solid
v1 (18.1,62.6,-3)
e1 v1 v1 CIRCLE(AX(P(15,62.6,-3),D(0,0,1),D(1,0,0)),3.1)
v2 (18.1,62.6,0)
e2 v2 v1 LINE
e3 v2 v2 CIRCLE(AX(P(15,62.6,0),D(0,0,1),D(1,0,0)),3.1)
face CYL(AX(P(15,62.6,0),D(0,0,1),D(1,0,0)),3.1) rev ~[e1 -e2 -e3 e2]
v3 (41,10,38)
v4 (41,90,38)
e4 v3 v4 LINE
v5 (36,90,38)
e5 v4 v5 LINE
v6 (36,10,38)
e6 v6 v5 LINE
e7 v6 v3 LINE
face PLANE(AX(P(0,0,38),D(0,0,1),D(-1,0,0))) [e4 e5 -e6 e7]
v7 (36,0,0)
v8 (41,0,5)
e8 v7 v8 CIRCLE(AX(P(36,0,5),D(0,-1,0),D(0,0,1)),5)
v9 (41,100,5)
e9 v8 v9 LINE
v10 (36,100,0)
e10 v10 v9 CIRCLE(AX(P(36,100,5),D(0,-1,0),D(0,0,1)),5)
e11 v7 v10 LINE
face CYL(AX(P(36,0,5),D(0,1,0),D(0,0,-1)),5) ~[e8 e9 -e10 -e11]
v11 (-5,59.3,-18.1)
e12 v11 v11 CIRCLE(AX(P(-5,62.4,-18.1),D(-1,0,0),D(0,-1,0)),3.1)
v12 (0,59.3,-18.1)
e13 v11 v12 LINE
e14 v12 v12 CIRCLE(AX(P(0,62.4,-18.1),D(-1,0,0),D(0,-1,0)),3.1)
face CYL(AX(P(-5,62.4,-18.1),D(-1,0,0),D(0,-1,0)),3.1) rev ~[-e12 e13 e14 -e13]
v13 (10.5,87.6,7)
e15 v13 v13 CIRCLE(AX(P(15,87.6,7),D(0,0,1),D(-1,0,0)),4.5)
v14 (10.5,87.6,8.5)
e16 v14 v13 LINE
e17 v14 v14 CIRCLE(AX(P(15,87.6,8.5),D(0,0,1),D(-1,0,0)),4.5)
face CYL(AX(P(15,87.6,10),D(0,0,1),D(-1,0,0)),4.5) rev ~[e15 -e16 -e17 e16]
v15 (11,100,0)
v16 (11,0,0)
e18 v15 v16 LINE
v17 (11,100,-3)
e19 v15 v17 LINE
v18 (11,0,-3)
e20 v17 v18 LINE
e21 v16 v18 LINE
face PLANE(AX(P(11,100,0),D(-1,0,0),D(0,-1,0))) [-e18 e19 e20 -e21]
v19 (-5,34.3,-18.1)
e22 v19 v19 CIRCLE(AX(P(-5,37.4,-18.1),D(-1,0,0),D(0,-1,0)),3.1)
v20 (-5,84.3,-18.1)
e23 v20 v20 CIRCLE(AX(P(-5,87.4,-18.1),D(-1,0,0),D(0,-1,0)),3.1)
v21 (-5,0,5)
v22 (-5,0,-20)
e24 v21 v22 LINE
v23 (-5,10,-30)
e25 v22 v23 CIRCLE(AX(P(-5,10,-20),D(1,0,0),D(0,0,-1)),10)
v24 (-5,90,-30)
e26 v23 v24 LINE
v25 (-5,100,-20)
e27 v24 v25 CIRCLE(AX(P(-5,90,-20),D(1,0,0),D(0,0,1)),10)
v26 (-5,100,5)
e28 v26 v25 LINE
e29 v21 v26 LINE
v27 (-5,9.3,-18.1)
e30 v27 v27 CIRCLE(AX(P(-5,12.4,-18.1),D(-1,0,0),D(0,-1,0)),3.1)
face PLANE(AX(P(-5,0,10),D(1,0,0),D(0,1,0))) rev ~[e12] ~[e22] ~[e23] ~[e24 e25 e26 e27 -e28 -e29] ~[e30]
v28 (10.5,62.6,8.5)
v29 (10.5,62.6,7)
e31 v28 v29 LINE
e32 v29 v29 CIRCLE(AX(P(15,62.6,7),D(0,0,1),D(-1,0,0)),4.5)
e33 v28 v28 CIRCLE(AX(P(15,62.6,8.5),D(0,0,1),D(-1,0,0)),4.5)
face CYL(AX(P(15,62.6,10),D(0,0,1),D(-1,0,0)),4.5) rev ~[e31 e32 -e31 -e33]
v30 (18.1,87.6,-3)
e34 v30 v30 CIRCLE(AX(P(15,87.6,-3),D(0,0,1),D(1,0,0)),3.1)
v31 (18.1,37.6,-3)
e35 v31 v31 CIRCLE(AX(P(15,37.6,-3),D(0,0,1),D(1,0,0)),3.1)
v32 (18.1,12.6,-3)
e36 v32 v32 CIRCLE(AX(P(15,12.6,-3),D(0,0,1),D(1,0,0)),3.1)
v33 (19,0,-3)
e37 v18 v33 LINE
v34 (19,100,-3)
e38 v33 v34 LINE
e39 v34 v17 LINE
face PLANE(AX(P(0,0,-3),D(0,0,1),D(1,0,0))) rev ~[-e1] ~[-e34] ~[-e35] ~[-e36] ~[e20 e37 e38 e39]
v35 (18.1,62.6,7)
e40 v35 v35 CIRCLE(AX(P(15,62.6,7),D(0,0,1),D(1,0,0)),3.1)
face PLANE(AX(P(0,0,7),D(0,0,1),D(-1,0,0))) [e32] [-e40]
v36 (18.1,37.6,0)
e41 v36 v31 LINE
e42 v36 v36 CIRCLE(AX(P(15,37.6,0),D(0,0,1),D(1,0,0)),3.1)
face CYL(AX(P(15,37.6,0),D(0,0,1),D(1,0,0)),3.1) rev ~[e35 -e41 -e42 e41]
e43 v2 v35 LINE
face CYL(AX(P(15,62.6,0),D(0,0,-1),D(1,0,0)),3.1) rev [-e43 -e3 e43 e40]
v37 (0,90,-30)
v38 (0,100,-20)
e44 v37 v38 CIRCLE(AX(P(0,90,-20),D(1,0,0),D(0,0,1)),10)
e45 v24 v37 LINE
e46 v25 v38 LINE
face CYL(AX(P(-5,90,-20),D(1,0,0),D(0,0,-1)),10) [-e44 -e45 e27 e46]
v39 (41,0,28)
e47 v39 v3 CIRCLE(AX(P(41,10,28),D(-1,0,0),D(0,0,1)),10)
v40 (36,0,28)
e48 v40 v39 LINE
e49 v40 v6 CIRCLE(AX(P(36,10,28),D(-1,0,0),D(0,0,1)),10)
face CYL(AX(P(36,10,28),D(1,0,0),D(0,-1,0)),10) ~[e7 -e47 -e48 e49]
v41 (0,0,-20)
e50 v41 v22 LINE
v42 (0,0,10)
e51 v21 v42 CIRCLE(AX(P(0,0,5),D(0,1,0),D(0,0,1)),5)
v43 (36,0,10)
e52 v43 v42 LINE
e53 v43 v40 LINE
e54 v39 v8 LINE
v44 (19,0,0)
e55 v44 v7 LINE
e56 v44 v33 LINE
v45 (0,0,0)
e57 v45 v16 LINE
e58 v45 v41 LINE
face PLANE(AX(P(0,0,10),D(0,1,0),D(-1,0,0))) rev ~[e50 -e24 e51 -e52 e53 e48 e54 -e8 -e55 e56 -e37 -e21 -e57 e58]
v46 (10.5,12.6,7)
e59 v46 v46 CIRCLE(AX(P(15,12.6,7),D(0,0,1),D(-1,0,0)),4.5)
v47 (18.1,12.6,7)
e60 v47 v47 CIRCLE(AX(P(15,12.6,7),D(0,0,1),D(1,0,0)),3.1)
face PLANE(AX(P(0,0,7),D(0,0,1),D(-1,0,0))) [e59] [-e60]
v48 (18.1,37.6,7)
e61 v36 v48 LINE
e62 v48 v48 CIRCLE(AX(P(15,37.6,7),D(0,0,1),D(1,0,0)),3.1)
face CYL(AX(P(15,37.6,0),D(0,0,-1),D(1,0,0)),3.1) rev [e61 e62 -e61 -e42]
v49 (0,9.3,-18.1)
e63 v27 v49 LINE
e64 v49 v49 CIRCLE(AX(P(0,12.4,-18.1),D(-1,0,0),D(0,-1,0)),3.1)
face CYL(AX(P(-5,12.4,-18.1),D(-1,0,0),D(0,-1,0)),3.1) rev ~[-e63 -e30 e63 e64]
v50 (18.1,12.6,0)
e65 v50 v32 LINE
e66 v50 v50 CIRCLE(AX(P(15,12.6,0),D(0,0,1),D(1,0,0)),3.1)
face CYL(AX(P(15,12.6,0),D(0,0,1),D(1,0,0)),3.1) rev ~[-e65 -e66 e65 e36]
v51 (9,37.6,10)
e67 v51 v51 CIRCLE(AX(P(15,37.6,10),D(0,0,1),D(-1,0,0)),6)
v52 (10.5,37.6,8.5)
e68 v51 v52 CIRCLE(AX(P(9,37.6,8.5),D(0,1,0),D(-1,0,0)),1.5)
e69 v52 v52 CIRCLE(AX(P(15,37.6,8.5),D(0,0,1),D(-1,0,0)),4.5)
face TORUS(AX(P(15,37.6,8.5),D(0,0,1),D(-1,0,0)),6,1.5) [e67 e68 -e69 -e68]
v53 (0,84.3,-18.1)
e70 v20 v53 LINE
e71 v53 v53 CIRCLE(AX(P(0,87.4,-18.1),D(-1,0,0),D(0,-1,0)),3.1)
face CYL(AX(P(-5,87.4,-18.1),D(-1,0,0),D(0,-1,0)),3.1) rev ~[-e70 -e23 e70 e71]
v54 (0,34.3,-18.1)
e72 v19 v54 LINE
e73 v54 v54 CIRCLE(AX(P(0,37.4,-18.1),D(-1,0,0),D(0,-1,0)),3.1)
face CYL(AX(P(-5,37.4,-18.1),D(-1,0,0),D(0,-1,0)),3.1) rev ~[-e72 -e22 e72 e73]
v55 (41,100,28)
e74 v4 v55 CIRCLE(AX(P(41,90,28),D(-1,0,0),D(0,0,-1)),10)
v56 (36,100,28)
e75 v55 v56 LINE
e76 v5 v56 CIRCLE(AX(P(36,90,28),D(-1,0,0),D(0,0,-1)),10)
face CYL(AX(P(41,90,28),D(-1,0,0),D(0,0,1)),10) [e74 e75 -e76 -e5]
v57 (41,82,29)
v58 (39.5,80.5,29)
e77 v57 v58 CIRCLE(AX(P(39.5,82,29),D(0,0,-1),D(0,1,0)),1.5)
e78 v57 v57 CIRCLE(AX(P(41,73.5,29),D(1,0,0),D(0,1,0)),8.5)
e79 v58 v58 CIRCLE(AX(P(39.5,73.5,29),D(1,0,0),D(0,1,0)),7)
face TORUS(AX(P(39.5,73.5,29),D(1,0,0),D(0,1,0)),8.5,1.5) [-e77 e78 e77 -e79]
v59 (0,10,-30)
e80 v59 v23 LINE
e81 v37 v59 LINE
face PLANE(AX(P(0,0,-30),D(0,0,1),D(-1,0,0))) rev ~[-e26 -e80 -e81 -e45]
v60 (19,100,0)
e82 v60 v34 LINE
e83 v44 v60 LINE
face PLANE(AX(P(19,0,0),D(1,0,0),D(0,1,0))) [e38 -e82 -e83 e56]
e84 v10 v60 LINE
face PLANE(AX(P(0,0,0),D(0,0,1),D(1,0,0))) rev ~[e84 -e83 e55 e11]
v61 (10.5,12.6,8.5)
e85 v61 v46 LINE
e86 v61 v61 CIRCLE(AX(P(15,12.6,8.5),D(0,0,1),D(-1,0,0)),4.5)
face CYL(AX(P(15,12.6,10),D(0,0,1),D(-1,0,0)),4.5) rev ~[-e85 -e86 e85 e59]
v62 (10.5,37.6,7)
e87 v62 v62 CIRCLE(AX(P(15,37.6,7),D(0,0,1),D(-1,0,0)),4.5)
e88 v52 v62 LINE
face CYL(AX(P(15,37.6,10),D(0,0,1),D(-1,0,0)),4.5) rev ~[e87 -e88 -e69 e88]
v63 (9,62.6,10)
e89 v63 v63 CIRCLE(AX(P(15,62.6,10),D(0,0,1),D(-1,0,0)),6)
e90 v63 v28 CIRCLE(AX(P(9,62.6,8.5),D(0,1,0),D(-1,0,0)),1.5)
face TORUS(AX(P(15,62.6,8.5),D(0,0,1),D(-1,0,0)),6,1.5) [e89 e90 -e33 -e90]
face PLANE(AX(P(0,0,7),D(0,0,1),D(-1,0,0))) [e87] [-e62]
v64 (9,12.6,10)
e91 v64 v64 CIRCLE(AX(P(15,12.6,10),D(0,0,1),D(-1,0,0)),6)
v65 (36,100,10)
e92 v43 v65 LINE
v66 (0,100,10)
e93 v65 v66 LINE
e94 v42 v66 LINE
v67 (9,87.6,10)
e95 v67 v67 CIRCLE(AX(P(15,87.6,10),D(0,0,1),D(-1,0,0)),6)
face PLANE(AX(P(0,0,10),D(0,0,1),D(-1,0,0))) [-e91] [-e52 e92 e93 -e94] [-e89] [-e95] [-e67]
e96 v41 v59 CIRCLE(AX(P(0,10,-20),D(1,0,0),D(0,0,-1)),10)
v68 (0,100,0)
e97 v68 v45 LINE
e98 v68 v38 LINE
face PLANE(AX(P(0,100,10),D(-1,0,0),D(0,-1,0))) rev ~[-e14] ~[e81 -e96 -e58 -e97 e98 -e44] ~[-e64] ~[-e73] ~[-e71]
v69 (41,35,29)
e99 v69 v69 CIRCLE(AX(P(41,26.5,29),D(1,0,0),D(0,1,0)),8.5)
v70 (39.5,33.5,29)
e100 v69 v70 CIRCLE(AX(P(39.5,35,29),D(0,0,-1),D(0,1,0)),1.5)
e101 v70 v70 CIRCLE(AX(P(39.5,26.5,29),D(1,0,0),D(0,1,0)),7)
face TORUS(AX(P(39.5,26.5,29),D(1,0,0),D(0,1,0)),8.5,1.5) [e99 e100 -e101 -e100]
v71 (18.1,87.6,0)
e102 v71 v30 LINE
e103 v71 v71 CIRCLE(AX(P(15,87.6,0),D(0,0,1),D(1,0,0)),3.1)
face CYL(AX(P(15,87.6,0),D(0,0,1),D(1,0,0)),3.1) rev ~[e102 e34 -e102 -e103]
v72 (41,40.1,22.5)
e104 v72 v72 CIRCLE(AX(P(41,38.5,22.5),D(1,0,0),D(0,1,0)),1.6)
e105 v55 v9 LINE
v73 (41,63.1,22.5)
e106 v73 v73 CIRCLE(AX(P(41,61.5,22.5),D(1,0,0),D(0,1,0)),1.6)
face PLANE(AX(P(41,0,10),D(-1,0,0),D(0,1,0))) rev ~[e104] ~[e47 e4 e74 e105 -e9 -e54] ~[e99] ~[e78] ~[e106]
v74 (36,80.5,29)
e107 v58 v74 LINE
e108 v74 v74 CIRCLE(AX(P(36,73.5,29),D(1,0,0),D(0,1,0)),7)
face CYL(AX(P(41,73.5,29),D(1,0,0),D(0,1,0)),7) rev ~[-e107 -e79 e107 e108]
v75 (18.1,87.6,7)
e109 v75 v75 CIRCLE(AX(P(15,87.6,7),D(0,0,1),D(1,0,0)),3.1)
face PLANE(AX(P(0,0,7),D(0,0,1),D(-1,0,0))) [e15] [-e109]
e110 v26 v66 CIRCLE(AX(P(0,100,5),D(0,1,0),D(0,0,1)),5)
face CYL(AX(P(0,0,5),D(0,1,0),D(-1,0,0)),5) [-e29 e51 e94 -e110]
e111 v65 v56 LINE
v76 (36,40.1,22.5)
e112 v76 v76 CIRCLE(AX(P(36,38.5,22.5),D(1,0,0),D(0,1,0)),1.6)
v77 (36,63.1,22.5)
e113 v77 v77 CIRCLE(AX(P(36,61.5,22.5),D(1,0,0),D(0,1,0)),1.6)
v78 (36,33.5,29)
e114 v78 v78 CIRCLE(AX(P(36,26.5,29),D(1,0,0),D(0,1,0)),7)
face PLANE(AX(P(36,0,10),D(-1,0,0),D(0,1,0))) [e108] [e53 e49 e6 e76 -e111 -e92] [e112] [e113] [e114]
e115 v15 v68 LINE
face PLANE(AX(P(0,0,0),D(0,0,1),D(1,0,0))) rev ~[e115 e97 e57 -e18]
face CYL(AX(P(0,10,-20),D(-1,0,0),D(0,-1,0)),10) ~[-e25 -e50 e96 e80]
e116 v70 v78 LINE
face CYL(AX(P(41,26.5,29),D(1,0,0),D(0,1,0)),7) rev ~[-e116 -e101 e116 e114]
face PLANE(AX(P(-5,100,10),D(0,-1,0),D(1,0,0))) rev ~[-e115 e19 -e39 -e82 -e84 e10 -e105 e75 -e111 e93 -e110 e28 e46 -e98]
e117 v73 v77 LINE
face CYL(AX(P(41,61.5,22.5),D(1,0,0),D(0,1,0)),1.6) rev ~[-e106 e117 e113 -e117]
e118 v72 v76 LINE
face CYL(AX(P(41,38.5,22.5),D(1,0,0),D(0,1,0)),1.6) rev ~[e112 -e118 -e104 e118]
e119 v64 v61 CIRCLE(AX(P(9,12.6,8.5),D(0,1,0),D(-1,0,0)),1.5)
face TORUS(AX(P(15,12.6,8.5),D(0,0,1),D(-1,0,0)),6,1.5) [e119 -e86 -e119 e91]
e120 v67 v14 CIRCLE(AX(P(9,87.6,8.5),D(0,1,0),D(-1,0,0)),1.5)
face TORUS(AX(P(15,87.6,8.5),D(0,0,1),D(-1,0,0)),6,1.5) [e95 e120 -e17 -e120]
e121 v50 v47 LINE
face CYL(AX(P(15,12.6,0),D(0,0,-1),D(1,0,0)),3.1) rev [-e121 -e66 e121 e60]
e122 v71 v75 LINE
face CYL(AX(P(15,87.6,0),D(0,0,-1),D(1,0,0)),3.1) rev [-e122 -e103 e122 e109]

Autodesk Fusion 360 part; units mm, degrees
sketch "Sketch1" plane through (0, 0, 0) normal (0, 0, 1) x (1, 0, 0)
  line L0 (0, 0) -> (30, 0)
  line L1 (30, 0) -> (30, 100)
  line L2 (30, 100) -> (0, 100)
  line L3 (0, 100) -> (0, 0)
  line L4 (15, 100) -> (15, 0) construction
  circle A0 centre (15, 12.6) radius 3.1
  circle A1 centre (15, 37.6) radius 3.1
  circle A2 centre (15, 62.6) radius 3.1
  circle A3 centre (15, 87.6) radius 3.1
  dimension "d1" = 100
  dimension "d2" = 30
  dimension "d3" = 6.2
  dimension "d6" = 1
  dimension "d7" = 25
  dimension "d11" = 12.6
extrude "Extrude1" add sketch "Sketch1" along normal blind 10
sketch "Sketch2" plane through (0, 0, 10) normal (0, 0, 1) x (-1, 0, 0)
  circle A0 centre (-15, -12.6) radius 3.1
  circle A1 centre (-15, -87.6) radius 3.1
  circle A2 centre (-15, -62.6) radius 3.1
  circle A3 centre (-15, -37.6) radius 3.1
  line L0 (0, -100) -> (0, 0)
  line L1 (0, 0) -> (-30, 0)
  line L2 (-30, 0) -> (-30, -100)
  line L3 (-30, -100) -> (0, -100)
  circle A4 centre (-15, -12.6) radius 4.5
  circle A5 centre (-15, -37.6) radius 4.5
  circle A6 centre (-15, -62.6) radius 4.5
  circle A7 centre (-15, -87.6) radius 4.5
  dimension "d17" = 9
  dimension "d20" = 0
  dimension "d21" = -25
extrude "Extrude2" cut sketch "Sketch2" against normal blind 3 contours A4 | A5 | A6 | A7
sketch "Sketch3" plane through (0, 0, 0) normal (0, 0, 1) x (1, 0, 0)
  line L0 (11, 0) -> (19, 0)
  line L1 (19, 0) -> (19, 100)
  line L2 (19, 100) -> (11, 100)
  line L3 (11, 100) -> (11, 0)
  line L4 (0, 0) -> (30, 0)
  line L5 (30, 100) -> (0, 100)
  line L6 (30, 0) -> (30, 100)
  dimension "d24" = 8
  dimension "d26" = 11
extrude "Extrude3" add sketch "Sketch3" against normal blind 3 contours L0 L1 L2 L3 L4 L5
extrude "Extrude4" cut sketch "Sketch1" against normal through all contours A0 | A1 | A2 | A3
sketch "Sketch4" plane through (0, 0, 10) normal (0, 0, 1) x (-1, 0, 0)
  circle A0 centre (-15, -37.6) radius 4.5
  circle A1 centre (-15, -62.6) radius 4.5
  circle A2 centre (-15, -12.6) radius 4.5
  circle A3 centre (-15, -87.6) radius 4.5
  line L0 (0, -100) -> (0, 0)
  line L1 (0, 0) -> (-30, 0)
  line L2 (-30, 0) -> (-30, -100)
  line L3 (-30, -100) -> (0, -100)
  line L4 (-30, 0) -> (-36, 0)
  line L5 (-36, 0) -> (-36, -100)
  line L6 (-36, -100) -> (-30, -100)
  line L7 (-30, -100) -> (-30, 0)
  line L8 (-36, 0) -> (-41, 0)
  line L9 (-41, 0) -> (-41, -100)
  line L10 (-41, -100) -> (-36, -100)
  line L11 (-36, -100) -> (-36, 0)
  dimension "d31" = 6
  dimension "d32" = 100
  dimension "d45" = 5
  dimension "d46" = 100
extrude "Extrude5" add sketch "Sketch4" against normal blind 10 contours L2 L4 L5 L6 L7 L11 | L5 L8 L9 L10 L11
extrude "Extrude6" add sketch "Sketch4" along normal blind 28 contours L5 L8 L9 L10 L11
sketch "Sketch5" plane through (41, 0, 0) normal (1, 0, 0) x (0, 1, 0)
  line L0 (0, 38) -> (0, 0)
  line L1 (0, 0) -> (100, 0)
  line L2 (100, 0) -> (100, 38)
  line L3 (100, 38) -> (0, 38)
  circle A0 centre (38.5, 22.5) radius 1.6
  line L4 (0, 10) -> (100, 10)
  circle A1 centre (61.5, 22.5) radius 1.6
  dimension "d47" = 3.2
  dimension "d49" = 12.5
  dimension "d50" = 3.2
  dimension "d51" = 23
  dimension "d52" = 12.5
  dimension "d53" = 38.5
  dimension "d54" = 38.5
extrude "Extrude7" cut sketch "Sketch5" against normal through all contours A0 | A1
sketch "Sketch6" plane through (41, 0, 0) normal (1, 0, 0) x (0, 1, 0)
  circle A0 centre (38.5, 22.5) radius 1.6
  circle A1 centre (61.5, 22.5) radius 1.6
  line L0 (0, 38) -> (0, 0)
  line L1 (0, 0) -> (100, 0)
  line L2 (100, 0) -> (100, 38)
  line L3 (100, 38) -> (0, 38)
  circle A2 centre (73.5, 29) radius 7
  line L4 (50, 38) -> (50, 0) construction
  circle A3 centre (26.5, 29) radius 7
  dimension "d56" = 14
  dimension "d57" = 9
  dimension "d58" = 12
extrude "Extrude8" cut sketch "Sketch6" against normal through all contours A2 | A3
sketch "Sketch7" plane through (0, 0, 10) normal (0, 0, 1) x (-1, 0, 0)
  line L0 (0, 0) -> (5, 0)
  line L1 (5, 0) -> (5, -100)
  line L2 (5, -100) -> (0, -100)
  line L3 (0, -100) -> (0, 0)
  dimension "d60" = 100
  dimension "d61" = 5
extrude "Extrude9" add sketch "Sketch7" against normal blind 40
sketch "Sketch8" plane through (-5, 0, 0) normal (-1, 0, 0) x (0, -1, 0)
  line L0 (0, 10) -> (-100, 10)
  line L1 (-100, 10) -> (-100, -30)
  line L2 (-100, -30) -> (0, -30)
  line L3 (0, -30) -> (0, 10)
  circle A0 centre (-87.4, -18.1) radius 3.1
  circle A1 centre (-87.4, -18.1) radius 4.5
  circle A2 centre (-62.4, -18.1) radius 3.1
  circle A3 centre (-62.4, -18.1) radius 4.5
  circle A4 centre (-37.4, -18.1) radius 3.1
  circle A5 centre (-37.4, -18.1) radius 4.5
  circle A6 centre (-12.4, -18.1) radius 3.1
  circle A7 centre (-12.4, -18.1) radius 4.5
  dimension "d64" = 6.2
  dimension "d65" = 9
  dimension "d66" = 11.9
  dimension "d69" = 25
  dimension "d70" = 0
  dimension "d71" = 12.6
extrude "Extrude10" cut sketch "Sketch8" against normal through all contours A0 | A2 | A4 | A6
fillet "Fillet1" radius 10 4 edges at (38.5, 0, 38) (-2.5, 0, -30) (38.5, 100, 38) (-2.5, 100, -30)
fillet "Fillet2" radius 5 2 edges at (-5, 50, 10) (41, 50, 0)
fillet "Fillet3" radius 1.5 2 edges at (41, 19.9737, 31.5313) (41, 66.9737, 31.5313)
fillet "Fillet4" radius 1.5 4 edges at (19.1955, 85.9727, 10) (19.1955, 60.9727, 10) (19.1955, 35.9727, 10) (19.1955, 10.9727, 10)
equation "d1 = baseLenght"
equation "d2 = baseWidth"
equation "d7 = ( 100 / 4 ) * 1 mm"
equation "baseLenght = 100 mm"
equation "baseWidth = 30 mm"
equation "profileBoltDiameter = 6.2 mm"
equation "d11 = ( d1 / 4 ) - d3 * 2"
equation "baseThickness = 10 mm"
equation "d13 = baseThickness"
equation "profileBoltHeadDiameter = 9 mm"
equation "profileBoltHeadHeight = 3 mm"
equation "d17 = profileBoltHeadDiameter"
equation "d21 = -( baseLenght / 4 )"
equation "d22 = -profileBoltHeadHeight"
equation "d24 = profileGroove"
equation "profileGroove = 8 mm"
equation "d26 = ( baseWidth - profileGroove ) / 2"
equation "baseGrooveHeight = 3 mm"
equation "d28 = -baseGrooveHeight"
equation "d31 = prusaOffset"
equation "d32 = baseLenght"
equation "prusaOffset = 6 mm"
equation "frontWallThickness = 5 mm"
equation "d37 = -baseThickness"
equation "d42 = frontWallHeight"
equation "frontWallHeight = 28 mm"
equation "d45 = frontWallThickness"
equation "d46 = baseLenght"
equation "d47 = connectionBolt"
equation "connectionBolt = 3.2 mm"
equation "d50 = d47"
equation "d52 = d49"
equation "d53 = ( baseLenght - d51 ) / 2"
equation "d60 = baseLenght"
equation "d61 = frontWallThickness"
equation "d62 = -baseWidth - baseThickness"
equation "d64 = profileBoltDiameter"
equation "d65 = profileBoltHeadDiameter"
equation "d66 = ( baseWidth - profileBoltDiameter ) / 2"
equation "d69 = baseLenght / 4"
equation "d71 = baseLenght / 4 - profileBoltDiameter * 2"
